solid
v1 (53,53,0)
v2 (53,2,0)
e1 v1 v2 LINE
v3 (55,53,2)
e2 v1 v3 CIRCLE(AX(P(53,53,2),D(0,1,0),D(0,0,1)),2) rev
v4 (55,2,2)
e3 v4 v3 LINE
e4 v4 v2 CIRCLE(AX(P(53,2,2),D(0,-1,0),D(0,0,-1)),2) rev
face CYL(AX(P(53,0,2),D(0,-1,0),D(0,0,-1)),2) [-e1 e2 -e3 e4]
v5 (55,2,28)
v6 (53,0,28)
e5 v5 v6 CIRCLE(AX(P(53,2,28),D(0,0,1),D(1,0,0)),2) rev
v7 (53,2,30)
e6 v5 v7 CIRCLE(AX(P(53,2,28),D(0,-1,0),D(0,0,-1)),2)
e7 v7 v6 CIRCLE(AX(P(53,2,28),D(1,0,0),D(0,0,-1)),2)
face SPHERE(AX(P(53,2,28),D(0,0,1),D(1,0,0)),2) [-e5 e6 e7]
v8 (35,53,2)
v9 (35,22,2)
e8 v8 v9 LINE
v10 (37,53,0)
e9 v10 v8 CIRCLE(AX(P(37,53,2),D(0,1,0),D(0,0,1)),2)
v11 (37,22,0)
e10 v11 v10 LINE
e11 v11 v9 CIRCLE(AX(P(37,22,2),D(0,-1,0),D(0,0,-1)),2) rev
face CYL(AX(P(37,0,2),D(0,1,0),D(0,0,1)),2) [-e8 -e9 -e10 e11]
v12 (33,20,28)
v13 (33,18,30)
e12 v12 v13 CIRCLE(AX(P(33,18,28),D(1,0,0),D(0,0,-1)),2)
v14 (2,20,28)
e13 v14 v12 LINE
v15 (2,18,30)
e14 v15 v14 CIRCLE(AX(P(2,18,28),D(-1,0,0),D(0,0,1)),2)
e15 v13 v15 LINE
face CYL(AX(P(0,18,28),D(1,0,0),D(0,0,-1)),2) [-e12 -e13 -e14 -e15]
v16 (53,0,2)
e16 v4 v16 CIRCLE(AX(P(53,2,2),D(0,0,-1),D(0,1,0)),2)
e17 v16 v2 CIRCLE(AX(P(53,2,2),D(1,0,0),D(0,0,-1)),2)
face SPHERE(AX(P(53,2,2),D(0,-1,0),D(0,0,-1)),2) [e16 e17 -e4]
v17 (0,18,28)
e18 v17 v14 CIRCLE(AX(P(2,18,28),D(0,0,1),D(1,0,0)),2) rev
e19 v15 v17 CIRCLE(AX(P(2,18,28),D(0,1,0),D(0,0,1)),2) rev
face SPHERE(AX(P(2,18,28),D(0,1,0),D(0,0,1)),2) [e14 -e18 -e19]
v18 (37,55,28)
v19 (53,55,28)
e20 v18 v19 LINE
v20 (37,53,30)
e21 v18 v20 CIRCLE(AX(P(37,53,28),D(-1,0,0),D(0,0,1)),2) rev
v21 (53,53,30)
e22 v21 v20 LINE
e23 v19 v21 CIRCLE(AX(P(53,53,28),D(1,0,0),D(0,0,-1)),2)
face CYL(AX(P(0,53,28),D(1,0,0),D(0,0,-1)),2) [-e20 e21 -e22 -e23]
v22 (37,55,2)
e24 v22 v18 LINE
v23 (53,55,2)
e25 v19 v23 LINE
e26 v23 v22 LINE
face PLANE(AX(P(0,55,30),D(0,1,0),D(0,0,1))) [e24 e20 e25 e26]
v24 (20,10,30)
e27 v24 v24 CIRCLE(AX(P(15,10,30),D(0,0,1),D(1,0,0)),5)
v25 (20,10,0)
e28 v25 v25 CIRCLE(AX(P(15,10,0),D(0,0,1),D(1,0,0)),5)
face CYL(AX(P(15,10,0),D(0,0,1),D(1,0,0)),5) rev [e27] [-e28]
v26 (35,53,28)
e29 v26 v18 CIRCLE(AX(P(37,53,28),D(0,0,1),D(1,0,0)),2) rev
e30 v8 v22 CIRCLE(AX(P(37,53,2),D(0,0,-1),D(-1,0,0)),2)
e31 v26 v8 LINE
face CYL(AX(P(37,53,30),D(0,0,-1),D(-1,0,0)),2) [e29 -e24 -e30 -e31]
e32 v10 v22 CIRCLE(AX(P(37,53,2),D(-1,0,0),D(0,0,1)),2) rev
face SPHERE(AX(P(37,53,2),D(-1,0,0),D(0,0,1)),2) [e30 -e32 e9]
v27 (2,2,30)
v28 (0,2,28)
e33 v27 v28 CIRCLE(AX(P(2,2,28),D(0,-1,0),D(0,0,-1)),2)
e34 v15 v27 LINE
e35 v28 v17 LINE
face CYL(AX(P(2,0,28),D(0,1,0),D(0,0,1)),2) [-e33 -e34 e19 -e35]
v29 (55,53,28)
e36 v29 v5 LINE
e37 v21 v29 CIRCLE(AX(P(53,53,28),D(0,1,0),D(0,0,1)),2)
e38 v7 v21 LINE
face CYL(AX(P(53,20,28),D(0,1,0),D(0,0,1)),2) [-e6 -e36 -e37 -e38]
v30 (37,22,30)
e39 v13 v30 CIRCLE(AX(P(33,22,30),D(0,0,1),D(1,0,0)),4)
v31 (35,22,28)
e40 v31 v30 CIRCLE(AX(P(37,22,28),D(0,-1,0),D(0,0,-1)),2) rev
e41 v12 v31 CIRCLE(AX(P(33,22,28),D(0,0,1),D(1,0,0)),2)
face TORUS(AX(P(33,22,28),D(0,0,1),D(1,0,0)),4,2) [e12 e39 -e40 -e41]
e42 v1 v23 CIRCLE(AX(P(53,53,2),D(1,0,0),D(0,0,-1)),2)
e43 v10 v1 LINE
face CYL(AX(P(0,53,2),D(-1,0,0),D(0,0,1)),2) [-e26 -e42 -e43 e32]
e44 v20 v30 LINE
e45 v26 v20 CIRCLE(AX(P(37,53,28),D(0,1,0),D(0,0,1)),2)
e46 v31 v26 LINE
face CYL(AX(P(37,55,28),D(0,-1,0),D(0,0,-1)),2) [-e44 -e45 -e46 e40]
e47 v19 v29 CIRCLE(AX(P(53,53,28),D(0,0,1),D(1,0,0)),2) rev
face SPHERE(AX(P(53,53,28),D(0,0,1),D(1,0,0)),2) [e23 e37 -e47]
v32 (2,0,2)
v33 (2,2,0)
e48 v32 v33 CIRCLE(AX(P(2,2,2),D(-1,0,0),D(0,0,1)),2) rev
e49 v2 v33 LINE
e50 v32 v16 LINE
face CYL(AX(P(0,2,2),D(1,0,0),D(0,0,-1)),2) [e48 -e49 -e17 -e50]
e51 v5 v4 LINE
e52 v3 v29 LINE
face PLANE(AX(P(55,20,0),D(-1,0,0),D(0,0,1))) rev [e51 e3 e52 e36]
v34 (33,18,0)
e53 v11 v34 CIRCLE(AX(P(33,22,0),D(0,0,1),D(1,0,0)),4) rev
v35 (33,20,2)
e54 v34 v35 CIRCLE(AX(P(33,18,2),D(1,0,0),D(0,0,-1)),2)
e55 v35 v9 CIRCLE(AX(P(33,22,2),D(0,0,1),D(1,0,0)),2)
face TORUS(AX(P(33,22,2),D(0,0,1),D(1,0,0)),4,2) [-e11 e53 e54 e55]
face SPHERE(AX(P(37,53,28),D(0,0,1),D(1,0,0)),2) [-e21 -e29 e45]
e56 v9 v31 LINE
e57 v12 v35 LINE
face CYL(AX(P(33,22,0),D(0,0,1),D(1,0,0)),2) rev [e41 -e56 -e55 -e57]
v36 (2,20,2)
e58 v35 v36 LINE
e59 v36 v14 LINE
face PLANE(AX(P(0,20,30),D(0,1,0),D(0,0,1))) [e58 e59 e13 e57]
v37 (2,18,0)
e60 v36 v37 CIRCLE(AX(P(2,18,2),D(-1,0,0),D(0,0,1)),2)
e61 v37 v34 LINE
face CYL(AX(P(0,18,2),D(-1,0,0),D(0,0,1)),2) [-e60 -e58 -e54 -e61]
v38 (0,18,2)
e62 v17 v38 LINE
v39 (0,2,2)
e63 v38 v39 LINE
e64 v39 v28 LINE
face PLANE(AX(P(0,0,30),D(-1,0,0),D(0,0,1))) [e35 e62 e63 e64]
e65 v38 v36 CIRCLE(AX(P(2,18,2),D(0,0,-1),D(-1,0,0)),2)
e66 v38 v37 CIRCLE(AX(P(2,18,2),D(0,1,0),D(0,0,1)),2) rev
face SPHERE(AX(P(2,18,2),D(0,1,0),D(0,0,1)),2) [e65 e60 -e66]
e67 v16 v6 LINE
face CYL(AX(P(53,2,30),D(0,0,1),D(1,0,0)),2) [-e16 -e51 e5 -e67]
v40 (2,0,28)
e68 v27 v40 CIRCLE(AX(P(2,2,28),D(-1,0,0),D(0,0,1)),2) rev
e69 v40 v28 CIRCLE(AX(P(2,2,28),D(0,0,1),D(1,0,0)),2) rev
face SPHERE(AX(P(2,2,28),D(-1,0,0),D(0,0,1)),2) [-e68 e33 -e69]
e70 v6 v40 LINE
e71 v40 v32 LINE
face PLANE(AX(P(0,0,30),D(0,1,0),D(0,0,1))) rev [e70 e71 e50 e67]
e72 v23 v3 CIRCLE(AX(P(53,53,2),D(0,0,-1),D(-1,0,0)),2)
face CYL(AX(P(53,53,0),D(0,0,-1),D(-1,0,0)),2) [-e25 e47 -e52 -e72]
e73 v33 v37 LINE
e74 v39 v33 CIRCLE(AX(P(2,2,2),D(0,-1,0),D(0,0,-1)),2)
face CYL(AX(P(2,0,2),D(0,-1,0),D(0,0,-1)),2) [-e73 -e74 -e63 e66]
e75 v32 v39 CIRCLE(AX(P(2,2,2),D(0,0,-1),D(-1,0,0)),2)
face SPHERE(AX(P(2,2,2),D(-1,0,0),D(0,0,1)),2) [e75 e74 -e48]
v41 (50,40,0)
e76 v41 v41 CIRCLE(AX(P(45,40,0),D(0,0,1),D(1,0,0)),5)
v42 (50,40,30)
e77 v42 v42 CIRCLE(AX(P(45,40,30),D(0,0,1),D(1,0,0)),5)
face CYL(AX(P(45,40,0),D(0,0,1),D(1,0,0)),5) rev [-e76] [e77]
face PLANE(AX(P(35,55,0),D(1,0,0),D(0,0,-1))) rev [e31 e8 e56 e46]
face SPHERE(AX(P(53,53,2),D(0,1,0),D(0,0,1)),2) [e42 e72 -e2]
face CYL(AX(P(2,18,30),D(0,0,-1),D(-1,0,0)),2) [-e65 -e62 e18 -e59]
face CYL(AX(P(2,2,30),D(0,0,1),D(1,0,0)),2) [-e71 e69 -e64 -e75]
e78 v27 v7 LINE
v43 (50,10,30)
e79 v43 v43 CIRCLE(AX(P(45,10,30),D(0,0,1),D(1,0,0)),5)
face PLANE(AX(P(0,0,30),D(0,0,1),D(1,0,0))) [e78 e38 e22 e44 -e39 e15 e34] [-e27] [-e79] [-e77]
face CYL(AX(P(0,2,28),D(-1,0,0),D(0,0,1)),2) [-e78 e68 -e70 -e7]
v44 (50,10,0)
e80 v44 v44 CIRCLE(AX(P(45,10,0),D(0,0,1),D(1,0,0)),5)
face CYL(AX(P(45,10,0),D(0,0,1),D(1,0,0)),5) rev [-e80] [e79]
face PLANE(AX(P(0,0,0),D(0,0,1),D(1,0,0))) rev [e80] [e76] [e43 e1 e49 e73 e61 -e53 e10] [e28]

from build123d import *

# Parameters (mm, degrees)
SKETCH_1_W          = 60
SKETCH_1_H          = 20
SKETCH_1_W_2        = 30
SKETCH_1_H_2        = 35
EXTRUDE_1_DEPTH     = 30
SKETCH_2_R          = 5
CUT_EXTRUDE_1_DEPTH = 87.746757864
SKETCH_3_W          = 5
SKETCH_3_H          = 35
CUT_EXTRUDE_2_DEPTH = 87.746757864
FILLET_1_R          = 2


with BuildPart() as part:
    # 草图1 → 凸台-拉伸1 (new body)
    with BuildSketch(Plane.XY):
        with Locations((30, 10)):
            Rectangle(SKETCH_1_W, SKETCH_1_H)
        with Locations((45, 37.5)):
            Rectangle(SKETCH_1_W_2, SKETCH_1_H_2)
    extrude(amount=EXTRUDE_1_DEPTH)

    # 草图2 → 切除-拉伸1 (cut, through all)
    with BuildSketch(Plane.XY.offset(30)):
        with Locations((15, 10)):
            Circle(SKETCH_2_R)
        with Locations((45, 10)):
            Circle(SKETCH_2_R)
        with Locations((45, 40)):
            Circle(SKETCH_2_R)
    extrude(amount=-CUT_EXTRUDE_1_DEPTH, mode=Mode.SUBTRACT)

    # 草图3 → 切除-拉伸2 (cut, through all)
    with BuildSketch(Plane.XY.offset(30)):
        with Locations((32.5, 37.5)):
            Rectangle(SKETCH_3_W, SKETCH_3_H)
        Polygon((60, 20), (60, 55), (55, 55), (55, 20), (55, 0), (60, 0), align=None)
    extrude(amount=-CUT_EXTRUDE_2_DEPTH, mode=Mode.SUBTRACT)

    # 圆角1
    fillet_1_edges = [part.edges().sort_by_distance(p)[0] for p in [
        (27.5, 0, 0),
        (0, 0, 15),
        (0, 20, 15),
        (17.5, 20, 30),
        (0, 10, 30),
        (45, 55, 0),
        (45, 55, 30),
        (55, 27.5, 0),
        (55, 0, 15),
        (55, 55, 15),
        (55, 27.5, 30),
        (27.5, 0, 30),
        (35, 37.5, 0),
        (35, 55, 15),
        (35, 20, 15),
        (35, 37.5, 30),
        (0, 10, 0),
        (17.5, 20, 0),
    ]]
    fillet(fillet_1_edges, radius=FILLET_1_R)


solid = part.part
